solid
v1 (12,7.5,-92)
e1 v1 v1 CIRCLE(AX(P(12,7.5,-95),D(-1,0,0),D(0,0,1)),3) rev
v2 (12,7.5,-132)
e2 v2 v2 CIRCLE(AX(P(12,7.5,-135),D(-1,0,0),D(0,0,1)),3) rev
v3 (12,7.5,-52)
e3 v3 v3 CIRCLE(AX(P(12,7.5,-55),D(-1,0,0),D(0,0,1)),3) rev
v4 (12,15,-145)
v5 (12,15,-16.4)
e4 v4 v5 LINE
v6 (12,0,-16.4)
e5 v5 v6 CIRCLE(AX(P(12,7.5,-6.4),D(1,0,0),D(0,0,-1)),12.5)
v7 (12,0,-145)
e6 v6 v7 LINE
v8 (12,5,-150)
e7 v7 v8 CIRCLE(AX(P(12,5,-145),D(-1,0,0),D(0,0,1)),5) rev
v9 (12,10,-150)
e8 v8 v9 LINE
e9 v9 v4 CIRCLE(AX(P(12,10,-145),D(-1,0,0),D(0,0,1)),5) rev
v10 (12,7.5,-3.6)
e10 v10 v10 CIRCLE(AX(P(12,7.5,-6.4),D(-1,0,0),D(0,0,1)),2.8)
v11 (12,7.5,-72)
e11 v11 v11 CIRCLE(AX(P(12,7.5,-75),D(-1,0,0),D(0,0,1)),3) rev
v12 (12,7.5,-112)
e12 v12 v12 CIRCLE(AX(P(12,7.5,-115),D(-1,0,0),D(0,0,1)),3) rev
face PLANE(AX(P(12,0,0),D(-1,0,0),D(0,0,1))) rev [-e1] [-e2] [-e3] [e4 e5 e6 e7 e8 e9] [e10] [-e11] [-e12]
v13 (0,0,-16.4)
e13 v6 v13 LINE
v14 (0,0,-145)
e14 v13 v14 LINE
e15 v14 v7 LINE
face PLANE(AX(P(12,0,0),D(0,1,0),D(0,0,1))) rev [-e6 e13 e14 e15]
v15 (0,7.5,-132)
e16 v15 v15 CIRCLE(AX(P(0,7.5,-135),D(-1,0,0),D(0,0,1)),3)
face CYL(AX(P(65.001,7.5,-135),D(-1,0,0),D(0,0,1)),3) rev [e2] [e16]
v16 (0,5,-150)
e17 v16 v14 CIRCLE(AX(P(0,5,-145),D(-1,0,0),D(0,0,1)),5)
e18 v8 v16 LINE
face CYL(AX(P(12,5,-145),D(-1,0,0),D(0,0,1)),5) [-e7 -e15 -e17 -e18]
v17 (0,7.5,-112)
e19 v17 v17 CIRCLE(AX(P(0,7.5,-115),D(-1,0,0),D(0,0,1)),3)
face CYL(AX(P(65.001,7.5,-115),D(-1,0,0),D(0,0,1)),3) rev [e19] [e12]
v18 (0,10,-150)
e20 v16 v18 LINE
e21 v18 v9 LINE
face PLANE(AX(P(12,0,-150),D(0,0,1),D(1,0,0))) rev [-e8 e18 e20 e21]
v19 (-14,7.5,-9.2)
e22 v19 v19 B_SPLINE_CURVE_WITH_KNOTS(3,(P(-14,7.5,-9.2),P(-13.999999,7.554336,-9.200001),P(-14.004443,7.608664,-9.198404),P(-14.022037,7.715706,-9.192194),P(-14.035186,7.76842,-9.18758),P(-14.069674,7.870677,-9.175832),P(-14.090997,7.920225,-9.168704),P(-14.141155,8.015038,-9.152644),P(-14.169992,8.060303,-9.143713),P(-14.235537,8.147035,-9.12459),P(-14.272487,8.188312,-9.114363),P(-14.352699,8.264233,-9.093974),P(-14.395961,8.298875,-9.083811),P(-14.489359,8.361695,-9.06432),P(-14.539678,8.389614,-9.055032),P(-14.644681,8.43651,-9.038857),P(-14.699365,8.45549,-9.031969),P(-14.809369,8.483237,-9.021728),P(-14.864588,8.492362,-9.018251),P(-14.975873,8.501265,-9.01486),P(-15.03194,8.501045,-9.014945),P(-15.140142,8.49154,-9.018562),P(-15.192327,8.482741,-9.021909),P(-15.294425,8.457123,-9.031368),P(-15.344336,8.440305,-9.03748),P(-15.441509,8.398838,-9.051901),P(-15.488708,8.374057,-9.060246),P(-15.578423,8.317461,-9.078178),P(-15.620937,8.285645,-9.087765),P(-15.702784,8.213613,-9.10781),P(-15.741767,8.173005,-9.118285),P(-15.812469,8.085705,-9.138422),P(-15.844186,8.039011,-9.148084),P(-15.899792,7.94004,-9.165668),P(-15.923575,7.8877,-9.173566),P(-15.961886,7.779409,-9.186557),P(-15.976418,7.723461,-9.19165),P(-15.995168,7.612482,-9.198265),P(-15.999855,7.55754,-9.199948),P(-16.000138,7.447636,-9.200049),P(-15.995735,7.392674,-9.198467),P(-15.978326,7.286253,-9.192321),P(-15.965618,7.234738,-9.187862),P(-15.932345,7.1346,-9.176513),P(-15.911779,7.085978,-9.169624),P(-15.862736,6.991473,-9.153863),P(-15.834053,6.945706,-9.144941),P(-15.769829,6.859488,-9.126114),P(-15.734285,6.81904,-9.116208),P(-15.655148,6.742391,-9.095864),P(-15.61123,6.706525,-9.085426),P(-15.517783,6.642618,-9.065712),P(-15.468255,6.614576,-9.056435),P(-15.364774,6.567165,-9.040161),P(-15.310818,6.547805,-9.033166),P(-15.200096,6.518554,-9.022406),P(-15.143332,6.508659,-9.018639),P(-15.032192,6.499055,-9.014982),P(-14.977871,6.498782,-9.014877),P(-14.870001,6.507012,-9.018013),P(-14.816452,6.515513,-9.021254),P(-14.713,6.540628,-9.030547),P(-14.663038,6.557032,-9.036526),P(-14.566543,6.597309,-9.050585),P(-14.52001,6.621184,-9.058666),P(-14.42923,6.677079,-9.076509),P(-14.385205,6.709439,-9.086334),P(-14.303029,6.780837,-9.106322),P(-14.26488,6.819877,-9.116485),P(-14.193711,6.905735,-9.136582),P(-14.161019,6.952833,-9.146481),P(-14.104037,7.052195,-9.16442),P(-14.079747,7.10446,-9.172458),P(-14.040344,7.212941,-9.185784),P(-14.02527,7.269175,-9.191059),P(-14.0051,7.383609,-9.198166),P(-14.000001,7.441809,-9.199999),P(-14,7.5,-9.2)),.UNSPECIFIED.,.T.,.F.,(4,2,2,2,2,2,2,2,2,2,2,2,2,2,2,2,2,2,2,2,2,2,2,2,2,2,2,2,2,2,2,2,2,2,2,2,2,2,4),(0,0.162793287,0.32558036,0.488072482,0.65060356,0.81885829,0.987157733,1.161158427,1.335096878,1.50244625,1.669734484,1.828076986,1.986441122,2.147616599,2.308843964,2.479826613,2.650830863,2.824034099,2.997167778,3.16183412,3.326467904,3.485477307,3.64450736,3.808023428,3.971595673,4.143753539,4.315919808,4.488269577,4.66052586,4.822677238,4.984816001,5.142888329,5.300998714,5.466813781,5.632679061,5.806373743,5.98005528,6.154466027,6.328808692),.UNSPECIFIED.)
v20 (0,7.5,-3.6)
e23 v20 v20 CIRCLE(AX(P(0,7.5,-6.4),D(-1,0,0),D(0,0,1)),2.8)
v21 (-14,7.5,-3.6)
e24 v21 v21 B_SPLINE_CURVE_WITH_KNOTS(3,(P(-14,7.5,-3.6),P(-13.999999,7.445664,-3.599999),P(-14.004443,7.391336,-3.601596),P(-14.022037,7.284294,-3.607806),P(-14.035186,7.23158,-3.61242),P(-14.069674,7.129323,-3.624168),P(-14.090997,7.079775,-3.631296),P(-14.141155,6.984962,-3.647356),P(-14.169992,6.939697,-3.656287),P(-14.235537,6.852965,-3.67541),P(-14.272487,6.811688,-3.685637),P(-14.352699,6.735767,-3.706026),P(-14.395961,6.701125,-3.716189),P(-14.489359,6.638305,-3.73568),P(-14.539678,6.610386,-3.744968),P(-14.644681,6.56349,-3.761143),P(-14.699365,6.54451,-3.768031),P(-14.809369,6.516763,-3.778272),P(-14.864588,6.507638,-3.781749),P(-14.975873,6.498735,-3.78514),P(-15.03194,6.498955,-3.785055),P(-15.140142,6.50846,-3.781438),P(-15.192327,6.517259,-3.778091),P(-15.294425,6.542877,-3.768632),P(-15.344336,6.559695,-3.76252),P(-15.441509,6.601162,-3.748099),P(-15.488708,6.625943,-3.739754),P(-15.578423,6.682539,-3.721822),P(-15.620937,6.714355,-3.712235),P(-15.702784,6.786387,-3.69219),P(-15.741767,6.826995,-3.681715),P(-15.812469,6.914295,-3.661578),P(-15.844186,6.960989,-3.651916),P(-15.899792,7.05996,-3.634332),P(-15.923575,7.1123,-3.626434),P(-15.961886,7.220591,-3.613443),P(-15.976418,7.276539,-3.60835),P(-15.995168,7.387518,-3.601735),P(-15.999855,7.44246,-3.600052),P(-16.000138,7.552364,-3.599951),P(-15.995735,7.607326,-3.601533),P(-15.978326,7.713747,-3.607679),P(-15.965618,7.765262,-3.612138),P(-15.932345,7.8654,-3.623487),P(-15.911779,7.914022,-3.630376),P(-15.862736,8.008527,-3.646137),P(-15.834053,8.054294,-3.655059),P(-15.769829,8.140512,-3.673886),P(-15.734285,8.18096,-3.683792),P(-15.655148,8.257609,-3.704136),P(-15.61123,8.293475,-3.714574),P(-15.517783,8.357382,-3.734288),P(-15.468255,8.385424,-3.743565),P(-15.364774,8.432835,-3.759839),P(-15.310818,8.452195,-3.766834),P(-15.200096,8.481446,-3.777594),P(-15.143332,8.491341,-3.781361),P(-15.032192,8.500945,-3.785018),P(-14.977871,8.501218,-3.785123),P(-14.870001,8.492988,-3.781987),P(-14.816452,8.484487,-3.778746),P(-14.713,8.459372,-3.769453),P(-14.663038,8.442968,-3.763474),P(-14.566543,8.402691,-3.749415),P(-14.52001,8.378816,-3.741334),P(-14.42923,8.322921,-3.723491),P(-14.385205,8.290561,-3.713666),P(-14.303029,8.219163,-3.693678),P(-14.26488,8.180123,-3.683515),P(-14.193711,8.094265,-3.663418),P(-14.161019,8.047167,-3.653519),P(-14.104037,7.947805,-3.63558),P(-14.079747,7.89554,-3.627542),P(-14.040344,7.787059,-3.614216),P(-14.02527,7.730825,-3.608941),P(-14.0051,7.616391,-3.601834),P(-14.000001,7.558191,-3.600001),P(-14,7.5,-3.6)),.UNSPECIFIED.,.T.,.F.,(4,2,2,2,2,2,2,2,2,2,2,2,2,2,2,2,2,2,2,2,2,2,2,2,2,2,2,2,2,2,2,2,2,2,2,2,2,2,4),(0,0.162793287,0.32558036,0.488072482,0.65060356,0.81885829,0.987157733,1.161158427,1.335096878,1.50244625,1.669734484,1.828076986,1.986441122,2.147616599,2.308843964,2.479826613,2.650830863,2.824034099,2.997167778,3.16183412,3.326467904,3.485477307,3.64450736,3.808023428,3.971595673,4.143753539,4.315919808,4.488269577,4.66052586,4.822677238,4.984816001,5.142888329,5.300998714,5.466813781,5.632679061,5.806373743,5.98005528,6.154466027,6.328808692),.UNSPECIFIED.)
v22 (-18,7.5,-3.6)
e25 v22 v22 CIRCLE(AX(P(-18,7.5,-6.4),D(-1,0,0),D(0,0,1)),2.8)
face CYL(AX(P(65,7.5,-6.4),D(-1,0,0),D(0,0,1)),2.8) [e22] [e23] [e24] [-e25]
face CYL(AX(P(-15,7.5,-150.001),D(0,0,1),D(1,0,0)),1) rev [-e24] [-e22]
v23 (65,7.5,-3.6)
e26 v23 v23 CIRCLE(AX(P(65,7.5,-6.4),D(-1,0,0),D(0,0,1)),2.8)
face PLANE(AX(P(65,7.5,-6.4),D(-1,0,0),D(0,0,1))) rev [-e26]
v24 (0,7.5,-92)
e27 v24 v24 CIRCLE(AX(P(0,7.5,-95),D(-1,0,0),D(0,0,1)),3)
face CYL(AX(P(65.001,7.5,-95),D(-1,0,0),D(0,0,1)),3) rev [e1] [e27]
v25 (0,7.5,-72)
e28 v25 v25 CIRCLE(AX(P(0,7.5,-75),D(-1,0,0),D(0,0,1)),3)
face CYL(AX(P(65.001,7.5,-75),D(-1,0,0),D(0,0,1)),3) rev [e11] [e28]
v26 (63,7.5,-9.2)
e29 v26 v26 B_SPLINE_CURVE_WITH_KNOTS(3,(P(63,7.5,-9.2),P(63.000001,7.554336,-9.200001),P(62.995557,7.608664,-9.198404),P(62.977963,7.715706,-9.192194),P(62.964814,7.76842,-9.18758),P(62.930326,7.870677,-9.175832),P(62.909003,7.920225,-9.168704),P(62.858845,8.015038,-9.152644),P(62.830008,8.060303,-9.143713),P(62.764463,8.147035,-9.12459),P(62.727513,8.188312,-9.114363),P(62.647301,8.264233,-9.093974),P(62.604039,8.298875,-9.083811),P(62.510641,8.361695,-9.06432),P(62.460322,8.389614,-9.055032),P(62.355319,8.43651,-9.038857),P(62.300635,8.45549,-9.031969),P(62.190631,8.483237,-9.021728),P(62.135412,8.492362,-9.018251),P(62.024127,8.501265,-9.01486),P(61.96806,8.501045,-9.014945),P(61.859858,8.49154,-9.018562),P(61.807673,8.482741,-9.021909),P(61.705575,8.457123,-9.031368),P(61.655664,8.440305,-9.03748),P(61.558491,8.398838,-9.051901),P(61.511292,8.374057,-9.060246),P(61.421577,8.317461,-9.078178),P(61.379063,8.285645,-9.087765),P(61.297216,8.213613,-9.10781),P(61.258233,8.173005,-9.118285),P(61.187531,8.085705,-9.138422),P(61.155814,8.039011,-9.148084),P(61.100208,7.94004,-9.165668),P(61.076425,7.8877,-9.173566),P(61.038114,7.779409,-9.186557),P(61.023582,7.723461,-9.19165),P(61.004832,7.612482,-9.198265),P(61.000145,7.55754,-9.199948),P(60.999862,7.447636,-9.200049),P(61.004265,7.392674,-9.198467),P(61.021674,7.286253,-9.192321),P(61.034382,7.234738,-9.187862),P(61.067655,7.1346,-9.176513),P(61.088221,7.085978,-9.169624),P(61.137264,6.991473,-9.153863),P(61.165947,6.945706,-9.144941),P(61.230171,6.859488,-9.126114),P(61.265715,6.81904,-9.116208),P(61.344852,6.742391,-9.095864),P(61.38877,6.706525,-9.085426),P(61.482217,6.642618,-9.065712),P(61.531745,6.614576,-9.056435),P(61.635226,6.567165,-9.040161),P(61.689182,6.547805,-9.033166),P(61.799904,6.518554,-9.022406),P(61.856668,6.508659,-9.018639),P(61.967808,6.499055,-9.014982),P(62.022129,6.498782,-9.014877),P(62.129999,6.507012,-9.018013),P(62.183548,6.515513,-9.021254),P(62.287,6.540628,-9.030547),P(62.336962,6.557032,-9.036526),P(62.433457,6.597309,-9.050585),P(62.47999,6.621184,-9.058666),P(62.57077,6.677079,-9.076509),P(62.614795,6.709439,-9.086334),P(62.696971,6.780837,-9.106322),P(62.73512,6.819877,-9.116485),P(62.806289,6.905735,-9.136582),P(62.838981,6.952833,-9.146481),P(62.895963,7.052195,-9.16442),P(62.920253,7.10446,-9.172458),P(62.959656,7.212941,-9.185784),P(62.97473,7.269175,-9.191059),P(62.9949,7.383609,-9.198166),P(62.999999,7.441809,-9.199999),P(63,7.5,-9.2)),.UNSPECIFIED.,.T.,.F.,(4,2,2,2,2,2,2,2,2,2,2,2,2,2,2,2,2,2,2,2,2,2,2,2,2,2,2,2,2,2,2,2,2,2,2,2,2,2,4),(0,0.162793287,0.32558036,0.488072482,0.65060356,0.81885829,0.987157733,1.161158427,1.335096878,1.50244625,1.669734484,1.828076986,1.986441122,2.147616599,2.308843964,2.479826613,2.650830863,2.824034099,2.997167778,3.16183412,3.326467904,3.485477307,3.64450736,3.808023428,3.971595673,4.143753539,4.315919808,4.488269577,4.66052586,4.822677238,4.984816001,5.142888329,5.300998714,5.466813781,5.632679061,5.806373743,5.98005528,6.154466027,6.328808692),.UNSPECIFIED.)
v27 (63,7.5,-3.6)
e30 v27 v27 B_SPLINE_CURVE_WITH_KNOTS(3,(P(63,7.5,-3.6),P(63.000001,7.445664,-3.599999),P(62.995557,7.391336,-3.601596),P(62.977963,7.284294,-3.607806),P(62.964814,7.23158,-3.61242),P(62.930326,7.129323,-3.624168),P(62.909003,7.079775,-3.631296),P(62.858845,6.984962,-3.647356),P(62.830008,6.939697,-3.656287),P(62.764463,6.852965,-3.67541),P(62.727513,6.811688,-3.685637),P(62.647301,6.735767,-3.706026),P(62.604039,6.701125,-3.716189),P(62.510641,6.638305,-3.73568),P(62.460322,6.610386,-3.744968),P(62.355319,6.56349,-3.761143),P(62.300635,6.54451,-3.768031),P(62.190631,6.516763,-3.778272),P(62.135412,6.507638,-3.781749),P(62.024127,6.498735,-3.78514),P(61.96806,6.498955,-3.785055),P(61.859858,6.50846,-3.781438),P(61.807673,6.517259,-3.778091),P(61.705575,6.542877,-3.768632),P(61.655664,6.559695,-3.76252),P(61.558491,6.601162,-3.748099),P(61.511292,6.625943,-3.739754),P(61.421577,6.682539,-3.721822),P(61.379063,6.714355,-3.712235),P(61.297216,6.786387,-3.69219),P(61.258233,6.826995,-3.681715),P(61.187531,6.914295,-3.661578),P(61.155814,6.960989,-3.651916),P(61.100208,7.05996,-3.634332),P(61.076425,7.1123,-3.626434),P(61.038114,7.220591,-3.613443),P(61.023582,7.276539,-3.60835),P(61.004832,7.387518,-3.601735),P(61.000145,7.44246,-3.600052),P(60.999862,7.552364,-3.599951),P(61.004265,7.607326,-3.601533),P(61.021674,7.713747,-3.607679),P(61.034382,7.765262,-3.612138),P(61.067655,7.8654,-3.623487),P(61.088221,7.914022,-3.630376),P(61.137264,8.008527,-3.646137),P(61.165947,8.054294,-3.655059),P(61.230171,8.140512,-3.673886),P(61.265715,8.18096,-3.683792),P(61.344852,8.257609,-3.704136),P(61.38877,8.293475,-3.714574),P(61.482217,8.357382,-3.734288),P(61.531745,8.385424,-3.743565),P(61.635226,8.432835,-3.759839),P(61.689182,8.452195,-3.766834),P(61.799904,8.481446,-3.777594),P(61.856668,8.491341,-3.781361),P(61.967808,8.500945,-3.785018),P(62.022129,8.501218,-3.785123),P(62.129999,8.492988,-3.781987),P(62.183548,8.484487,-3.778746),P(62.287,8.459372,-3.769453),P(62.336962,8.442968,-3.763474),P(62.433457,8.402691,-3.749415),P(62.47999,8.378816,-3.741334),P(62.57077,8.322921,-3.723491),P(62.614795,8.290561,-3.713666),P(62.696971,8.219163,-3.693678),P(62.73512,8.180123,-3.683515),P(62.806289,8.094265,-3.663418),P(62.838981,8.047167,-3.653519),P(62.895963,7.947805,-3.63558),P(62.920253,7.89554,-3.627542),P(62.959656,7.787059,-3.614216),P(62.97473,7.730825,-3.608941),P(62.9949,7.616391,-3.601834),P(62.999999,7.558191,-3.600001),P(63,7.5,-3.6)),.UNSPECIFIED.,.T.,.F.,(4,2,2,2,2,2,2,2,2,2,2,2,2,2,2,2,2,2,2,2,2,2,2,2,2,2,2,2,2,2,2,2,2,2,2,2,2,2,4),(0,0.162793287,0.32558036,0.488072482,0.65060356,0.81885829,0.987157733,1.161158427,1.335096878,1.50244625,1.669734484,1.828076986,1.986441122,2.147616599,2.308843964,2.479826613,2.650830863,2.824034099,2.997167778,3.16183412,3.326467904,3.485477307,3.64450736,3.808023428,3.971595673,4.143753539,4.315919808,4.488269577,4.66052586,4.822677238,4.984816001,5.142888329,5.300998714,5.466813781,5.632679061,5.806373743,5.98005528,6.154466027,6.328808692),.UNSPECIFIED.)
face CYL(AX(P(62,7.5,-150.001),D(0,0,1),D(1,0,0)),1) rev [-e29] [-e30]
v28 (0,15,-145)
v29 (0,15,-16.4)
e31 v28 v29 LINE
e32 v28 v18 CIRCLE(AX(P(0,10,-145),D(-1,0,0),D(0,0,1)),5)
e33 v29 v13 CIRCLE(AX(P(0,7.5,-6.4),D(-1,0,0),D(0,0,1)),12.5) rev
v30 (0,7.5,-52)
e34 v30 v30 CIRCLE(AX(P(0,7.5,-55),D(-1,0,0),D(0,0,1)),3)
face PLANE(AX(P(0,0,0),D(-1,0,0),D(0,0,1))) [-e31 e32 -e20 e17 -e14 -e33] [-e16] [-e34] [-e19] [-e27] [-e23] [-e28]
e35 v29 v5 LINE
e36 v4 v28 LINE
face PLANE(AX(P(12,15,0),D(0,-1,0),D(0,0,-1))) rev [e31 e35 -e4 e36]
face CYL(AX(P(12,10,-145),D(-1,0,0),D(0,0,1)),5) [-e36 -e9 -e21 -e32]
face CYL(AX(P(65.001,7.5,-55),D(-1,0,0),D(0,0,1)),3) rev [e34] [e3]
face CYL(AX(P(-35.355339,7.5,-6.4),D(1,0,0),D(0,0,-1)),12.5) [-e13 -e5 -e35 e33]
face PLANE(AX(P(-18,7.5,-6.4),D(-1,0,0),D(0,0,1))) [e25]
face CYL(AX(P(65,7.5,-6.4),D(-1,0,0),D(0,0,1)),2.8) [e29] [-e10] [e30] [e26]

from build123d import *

# Parameters (mm, degrees)
SKETCH_1_W           = 150
SKETCH_1_H           = 15
EXTRUDE_1_DEPTH      = 12
FILLET_1_R           = 5
SKETCH_6_R           = 12.5
EXTRUDE_2_DEPTH      = 12
EXTRUDE_5_DEPTH      = 18
EXTRUDE_5_DEPTH_BACK = 65
SKETCH_15_R          = 2.8
CUT_EXTRUDE_9_REACH  = 166.697
SKETCH_16_R          = 1
CUT_EXTRUDE_10_REACH = 166.697
SKETCH_17_R          = 3


with BuildPart() as part:
    # 草图1 → 凸台-拉伸1 (new body)
    with BuildSketch(Plane(origin=(0, 0, 0), x_dir=(0, 0, -1), z_dir=(1, 0, 0))):
        with Locations((75, 7.5)):
            Rectangle(SKETCH_1_W, SKETCH_1_H)
    extrude(amount=EXTRUDE_1_DEPTH)

    # 圆角1
    fillet_1_edges = [part.edges().sort_by_distance(p)[0] for p in [
        (6, 15, 0),
        (6, 15, -150),
        (6, 0, -150),
        (6, 0, 0),
    ]]
    fillet(fillet_1_edges, radius=FILLET_1_R)

    # 草图6 → 凸台-拉伸2 (add)
    with BuildSketch(Plane(origin=(12, 0, 0), x_dir=(0, 0, -1), z_dir=(1, 0, 0))):
        with Locations((6.4, 7.5)):
            Circle(SKETCH_6_R)
    extrude(amount=-EXTRUDE_2_DEPTH)

    # 草图15 → 凸台-拉伸5 (add, two sides: drawn at the far end of the back side and taken through both)
    with BuildSketch(Plane.ZY.offset(-EXTRUDE_5_DEPTH_BACK)):
        with Locations((-6.4, 7.5)):
            Circle(SKETCH_15_R)
    extrude(amount=EXTRUDE_5_DEPTH + EXTRUDE_5_DEPTH_BACK)

    # 草图16 → 切除-拉伸9 (cut, up to next)
    with BuildSketch(Plane.XY, mode=Mode.PRIVATE) as cut_extrude_9_sk1:
        with Locations((-15, 7.5)):
            Circle(SKETCH_16_R)
    cut_extrude_9_tool1 = extrude(cut_extrude_9_sk1.sketch, amount=-CUT_EXTRUDE_9_REACH, mode=Mode.PRIVATE) & part.part
    # 草图16 → 切除-拉伸9 (cut, up to next)
    with BuildSketch(Plane.XY, mode=Mode.PRIVATE) as cut_extrude_9_sk2:
        with Locations((62, 7.5)):
            Circle(SKETCH_16_R)
    cut_extrude_9_tool2 = extrude(cut_extrude_9_sk2.sketch, amount=-CUT_EXTRUDE_9_REACH, mode=Mode.PRIVATE) & part.part
    add(cut_extrude_9_tool1.solids().sort_by_distance((-15, 7.5, 0))[0], mode=Mode.SUBTRACT)
    add(cut_extrude_9_tool2.solids().sort_by_distance((62, 7.5, 0))[0], mode=Mode.SUBTRACT)

    # 草图17 → 切除-拉伸10 (cut, up to next)
    with BuildSketch(Plane.ZY, mode=Mode.PRIVATE) as cut_extrude_10_sk1:
        with Locations((-135, 7.5)):
            Circle(SKETCH_17_R)
    cut_extrude_10_tool1 = extrude(cut_extrude_10_sk1.sketch, amount=-CUT_EXTRUDE_10_REACH, mode=Mode.PRIVATE) & part.part
    # 草图17 → 切除-拉伸10 (cut, up to next)
    with BuildSketch(Plane.ZY, mode=Mode.PRIVATE) as cut_extrude_10_sk2:
        with Locations((-115, 7.5)):
            Circle(SKETCH_17_R)
    cut_extrude_10_tool2 = extrude(cut_extrude_10_sk2.sketch, amount=-CUT_EXTRUDE_10_REACH, mode=Mode.PRIVATE) & part.part
    # 草图17 → 切除-拉伸10 (cut, up to next)
    with BuildSketch(Plane.ZY, mode=Mode.PRIVATE) as cut_extrude_10_sk3:
        with Locations((-95, 7.5)):
            Circle(SKETCH_17_R)
    cut_extrude_10_tool3 = extrude(cut_extrude_10_sk3.sketch, amount=-CUT_EXTRUDE_10_REACH, mode=Mode.PRIVATE) & part.part
    # 草图17 → 切除-拉伸10 (cut, up to next)
    with BuildSketch(Plane.ZY, mode=Mode.PRIVATE) as cut_extrude_10_sk4:
        with Locations((-75, 7.5)):
            Circle(SKETCH_17_R)
    cut_extrude_10_tool4 = extrude(cut_extrude_10_sk4.sketch, amount=-CUT_EXTRUDE_10_REACH, mode=Mode.PRIVATE) & part.part
    # 草图17 → 切除-拉伸10 (cut, up to next)
    with BuildSketch(Plane.ZY, mode=Mode.PRIVATE) as cut_extrude_10_sk5:
        with Locations((-55, 7.5)):
            Circle(SKETCH_17_R)
    cut_extrude_10_tool5 = extrude(cut_extrude_10_sk5.sketch, amount=-CUT_EXTRUDE_10_REACH, mode=Mode.PRIVATE) & part.part
    add(cut_extrude_10_tool1.solids().sort_by_distance((0, 7.5, -135))[0], mode=Mode.SUBTRACT)
    add(cut_extrude_10_tool2.solids().sort_by_distance((0, 7.5, -115))[0], mode=Mode.SUBTRACT)
    add(cut_extrude_10_tool3.solids().sort_by_distance((0, 7.5, -95))[0], mode=Mode.SUBTRACT)
    add(cut_extrude_10_tool4.solids().sort_by_distance((0, 7.5, -75))[0], mode=Mode.SUBTRACT)
    add(cut_extrude_10_tool5.solids().sort_by_distance((0, 7.5, -55))[0], mode=Mode.SUBTRACT)


solid = part.part
